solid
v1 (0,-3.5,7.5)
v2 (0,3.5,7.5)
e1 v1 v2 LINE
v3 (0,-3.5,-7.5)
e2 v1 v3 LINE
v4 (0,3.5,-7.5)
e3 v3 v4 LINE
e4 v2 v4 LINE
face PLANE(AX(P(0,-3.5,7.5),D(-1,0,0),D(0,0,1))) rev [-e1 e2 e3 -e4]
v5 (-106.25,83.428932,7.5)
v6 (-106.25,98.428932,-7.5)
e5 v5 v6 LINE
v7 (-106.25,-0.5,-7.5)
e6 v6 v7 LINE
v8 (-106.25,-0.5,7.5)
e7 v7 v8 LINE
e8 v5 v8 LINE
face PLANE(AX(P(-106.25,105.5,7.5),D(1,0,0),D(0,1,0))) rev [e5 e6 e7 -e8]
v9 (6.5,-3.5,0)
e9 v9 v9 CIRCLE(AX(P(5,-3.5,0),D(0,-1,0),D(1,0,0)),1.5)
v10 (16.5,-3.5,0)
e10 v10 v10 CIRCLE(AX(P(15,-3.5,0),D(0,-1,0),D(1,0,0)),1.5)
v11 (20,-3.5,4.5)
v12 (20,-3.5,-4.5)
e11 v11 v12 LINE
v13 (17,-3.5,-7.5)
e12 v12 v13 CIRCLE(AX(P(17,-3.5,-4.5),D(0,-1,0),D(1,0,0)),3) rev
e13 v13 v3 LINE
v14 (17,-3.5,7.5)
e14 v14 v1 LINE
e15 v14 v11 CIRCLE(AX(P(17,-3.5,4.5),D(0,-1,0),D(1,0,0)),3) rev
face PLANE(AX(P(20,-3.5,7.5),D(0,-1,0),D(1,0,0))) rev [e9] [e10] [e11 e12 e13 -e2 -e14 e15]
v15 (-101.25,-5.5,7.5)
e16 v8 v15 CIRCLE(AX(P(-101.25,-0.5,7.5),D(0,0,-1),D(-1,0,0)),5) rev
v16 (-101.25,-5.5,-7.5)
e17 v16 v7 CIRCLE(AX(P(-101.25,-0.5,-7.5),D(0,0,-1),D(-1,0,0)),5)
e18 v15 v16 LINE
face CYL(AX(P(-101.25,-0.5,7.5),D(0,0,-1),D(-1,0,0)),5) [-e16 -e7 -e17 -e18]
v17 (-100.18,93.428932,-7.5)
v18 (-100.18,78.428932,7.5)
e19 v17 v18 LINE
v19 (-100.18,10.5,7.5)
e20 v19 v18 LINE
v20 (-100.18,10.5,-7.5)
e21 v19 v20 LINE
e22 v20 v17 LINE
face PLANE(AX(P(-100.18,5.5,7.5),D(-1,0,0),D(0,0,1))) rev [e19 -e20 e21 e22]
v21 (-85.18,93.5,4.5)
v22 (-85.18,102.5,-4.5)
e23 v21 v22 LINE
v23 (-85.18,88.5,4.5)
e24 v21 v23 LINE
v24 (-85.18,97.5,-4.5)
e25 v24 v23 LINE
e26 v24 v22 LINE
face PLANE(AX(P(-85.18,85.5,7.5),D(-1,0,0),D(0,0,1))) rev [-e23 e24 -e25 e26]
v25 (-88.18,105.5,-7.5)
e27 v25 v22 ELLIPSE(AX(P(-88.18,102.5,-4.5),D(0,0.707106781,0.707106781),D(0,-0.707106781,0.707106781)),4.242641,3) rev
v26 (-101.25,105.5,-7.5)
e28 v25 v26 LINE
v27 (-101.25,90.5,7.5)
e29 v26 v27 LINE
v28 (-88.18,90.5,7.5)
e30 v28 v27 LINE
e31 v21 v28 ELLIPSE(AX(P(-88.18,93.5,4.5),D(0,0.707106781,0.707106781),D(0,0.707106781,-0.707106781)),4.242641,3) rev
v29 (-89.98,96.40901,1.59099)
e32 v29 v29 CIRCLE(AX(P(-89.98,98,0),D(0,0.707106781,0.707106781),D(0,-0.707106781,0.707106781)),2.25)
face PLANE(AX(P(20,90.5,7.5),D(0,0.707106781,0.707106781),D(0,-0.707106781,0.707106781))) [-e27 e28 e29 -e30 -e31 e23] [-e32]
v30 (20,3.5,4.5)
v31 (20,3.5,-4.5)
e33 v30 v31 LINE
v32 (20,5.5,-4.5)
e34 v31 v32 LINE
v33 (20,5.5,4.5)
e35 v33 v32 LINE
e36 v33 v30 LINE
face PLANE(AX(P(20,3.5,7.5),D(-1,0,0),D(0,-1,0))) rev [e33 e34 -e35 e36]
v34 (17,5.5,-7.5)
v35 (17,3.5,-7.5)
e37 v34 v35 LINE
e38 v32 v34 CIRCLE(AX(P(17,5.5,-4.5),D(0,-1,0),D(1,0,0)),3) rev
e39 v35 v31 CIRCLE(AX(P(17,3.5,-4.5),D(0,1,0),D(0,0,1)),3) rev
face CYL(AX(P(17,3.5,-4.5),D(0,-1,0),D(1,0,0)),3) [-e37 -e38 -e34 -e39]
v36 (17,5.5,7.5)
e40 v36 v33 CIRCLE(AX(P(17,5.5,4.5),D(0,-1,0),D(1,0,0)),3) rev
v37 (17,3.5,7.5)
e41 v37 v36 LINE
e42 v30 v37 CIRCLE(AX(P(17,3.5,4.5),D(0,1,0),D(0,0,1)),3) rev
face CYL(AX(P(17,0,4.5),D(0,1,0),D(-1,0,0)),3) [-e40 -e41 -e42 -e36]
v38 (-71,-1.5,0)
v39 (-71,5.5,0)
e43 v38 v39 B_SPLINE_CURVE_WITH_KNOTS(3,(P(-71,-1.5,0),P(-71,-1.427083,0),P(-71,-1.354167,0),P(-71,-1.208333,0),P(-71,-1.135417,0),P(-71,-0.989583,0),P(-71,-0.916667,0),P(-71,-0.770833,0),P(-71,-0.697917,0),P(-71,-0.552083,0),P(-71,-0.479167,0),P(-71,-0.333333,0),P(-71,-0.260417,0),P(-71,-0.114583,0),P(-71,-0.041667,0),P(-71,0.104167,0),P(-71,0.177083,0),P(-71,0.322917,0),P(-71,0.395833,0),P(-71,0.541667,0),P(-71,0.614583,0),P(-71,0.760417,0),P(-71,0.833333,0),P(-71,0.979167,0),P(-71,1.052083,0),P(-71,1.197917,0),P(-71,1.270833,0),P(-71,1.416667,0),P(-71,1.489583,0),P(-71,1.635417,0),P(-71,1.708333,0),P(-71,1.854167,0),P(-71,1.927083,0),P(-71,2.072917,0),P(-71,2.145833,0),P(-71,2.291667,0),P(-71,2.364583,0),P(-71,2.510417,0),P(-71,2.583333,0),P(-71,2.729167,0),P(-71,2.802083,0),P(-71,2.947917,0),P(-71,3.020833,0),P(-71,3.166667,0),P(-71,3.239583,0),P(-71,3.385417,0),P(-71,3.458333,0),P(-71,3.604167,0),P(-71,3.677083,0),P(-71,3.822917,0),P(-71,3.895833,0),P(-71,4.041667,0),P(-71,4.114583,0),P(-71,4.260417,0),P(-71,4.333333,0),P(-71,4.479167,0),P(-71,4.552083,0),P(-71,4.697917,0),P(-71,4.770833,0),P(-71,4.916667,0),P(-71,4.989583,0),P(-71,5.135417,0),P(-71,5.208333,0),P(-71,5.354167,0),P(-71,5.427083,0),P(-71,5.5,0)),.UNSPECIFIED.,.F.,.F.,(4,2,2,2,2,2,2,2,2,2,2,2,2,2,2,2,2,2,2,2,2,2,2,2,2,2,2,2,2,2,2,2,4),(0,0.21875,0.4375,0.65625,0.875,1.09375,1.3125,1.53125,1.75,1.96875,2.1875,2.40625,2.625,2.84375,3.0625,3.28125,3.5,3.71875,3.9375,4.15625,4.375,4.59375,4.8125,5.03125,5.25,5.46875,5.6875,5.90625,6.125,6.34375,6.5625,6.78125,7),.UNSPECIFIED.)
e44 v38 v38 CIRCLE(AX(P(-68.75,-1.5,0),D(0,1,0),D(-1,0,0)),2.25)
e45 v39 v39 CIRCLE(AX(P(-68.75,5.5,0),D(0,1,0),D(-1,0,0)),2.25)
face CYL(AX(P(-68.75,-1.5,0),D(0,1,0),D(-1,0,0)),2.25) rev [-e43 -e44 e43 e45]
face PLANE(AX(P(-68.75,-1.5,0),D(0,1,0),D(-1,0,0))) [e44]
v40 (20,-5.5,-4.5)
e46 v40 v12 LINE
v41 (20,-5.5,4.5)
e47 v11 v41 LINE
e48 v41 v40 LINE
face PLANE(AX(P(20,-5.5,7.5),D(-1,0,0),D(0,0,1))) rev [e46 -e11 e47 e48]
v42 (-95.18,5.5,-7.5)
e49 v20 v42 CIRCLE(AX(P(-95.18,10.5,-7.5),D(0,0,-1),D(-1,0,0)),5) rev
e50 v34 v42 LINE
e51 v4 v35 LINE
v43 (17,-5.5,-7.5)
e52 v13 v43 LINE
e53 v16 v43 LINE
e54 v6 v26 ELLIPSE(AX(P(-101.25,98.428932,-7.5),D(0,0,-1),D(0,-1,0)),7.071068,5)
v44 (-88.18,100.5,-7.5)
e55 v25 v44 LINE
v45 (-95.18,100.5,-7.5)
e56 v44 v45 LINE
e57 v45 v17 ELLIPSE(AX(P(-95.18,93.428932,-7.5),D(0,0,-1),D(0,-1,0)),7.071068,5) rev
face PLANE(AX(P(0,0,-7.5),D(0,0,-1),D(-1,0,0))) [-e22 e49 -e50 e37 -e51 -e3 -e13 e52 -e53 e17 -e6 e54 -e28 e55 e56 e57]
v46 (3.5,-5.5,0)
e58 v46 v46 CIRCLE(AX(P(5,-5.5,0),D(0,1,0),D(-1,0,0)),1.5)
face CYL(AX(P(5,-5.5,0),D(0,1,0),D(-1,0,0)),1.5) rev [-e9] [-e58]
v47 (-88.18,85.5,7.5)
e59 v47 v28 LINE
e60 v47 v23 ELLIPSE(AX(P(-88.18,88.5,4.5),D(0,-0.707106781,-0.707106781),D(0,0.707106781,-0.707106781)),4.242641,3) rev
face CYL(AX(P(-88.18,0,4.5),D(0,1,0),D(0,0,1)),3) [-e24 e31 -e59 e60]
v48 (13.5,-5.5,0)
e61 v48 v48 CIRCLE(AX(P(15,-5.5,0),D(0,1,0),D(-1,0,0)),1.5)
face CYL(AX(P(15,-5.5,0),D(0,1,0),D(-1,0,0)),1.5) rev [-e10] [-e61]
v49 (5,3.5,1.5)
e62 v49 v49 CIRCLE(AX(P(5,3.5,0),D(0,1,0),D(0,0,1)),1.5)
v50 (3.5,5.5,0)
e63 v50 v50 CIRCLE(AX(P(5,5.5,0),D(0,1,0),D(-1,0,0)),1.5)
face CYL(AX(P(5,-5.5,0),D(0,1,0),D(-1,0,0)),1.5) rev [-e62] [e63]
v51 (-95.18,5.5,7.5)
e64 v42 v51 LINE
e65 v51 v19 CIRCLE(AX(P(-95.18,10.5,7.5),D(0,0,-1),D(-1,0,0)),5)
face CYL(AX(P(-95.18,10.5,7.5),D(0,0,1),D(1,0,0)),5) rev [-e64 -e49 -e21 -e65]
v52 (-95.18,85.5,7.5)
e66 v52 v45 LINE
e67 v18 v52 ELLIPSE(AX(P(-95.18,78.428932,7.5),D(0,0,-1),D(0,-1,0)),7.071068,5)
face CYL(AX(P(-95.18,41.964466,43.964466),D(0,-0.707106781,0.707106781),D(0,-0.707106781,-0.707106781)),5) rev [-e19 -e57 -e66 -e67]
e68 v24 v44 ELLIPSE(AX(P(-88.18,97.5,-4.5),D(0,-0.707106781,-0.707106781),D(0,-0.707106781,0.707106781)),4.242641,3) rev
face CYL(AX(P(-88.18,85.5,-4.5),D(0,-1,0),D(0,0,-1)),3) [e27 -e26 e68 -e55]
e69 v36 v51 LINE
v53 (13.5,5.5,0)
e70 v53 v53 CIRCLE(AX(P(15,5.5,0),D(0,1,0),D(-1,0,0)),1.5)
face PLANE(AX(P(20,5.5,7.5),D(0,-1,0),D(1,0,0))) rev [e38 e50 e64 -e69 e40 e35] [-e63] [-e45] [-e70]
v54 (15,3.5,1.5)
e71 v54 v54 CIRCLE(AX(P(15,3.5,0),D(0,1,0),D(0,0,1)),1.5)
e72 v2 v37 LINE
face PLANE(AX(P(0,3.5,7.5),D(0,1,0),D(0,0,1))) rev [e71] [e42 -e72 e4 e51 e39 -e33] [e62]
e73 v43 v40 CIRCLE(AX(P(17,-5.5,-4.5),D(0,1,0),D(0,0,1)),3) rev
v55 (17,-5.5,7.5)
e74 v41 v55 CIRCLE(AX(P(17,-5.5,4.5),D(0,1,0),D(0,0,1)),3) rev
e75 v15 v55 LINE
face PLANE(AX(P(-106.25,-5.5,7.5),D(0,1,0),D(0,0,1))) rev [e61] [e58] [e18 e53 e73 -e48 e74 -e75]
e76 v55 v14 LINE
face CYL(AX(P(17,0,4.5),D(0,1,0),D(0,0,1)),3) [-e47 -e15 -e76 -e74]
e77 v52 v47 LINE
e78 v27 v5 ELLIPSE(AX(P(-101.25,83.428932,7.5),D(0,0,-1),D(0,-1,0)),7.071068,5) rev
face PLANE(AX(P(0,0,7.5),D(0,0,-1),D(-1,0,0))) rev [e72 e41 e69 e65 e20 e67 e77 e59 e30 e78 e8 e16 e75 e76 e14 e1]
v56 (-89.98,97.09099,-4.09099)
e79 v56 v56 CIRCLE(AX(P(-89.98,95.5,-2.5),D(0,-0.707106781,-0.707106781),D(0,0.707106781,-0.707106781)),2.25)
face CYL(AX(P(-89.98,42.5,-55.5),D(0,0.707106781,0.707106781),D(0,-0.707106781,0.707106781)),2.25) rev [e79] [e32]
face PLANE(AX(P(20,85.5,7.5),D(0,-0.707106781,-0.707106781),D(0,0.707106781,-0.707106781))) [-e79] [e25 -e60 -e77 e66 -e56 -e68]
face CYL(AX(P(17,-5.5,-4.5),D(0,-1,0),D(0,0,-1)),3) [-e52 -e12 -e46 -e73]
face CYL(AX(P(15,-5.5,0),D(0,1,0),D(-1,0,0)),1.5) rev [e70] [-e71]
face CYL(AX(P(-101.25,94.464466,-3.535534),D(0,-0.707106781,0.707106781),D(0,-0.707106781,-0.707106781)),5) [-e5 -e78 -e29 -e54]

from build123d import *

# Parameters (mm, degrees)
SALIENTE_EXTRUIR1_DEPTH = 7.5
CROQUIS2_R              = 1.5
CORTAR_EXTRUIR1_DEPTH   = 147.100350787
REDONDEO1_R             = 3
REDONDEO2_R             = 3
CORTAR_EXTRUIR3_DEPTH   = 161.092886788
CROQUIS5_R              = 2.25
CORTAR_EXTRUIR4_DEPTH   = 133.941951618
CORTAR_EXTRUIR5_DEPTH   = 161.092886788
CROQUIS7_R              = 2.25
CORTAR_EXTRUIR6_DEPTH   = 7
REDONDEO3_R             = 5


with BuildPart() as part:
    # Croquis1 → Saliente-Extruir1 (new, symmetric)
    with BuildSketch(Plane.XY):
        Polygon((0, -3.5), (0, 3.5), (20, 3.5), (20, 5.5), (-100.18, 5.5), (-100.18, 85.5), (-85.18, 85.5), (-85.18, 105.5), (-106.25, 105.5), (-106.25, -5.5), (20, -5.5), (20, -3.5), align=None)
    extrude(amount=SALIENTE_EXTRUIR1_DEPTH, both=True)

    # Croquis2 → Cortar-Extruir1 (cut, through all)
    with BuildSketch(Plane(origin=(0, 5.5, 0), x_dir=(1, 0, 0), z_dir=(0, 1, 0))):
        with Locations(Location((15, 0, 0), (0, 0, 180))):
            Circle(CROQUIS2_R)
        with Locations(Location((5, 0, 0), (0, 0, 180))):
            Circle(CROQUIS2_R)
    extrude(amount=-CORTAR_EXTRUIR1_DEPTH, mode=Mode.SUBTRACT)

    # Redondeo1
    redondeo1_edges = [part.edges().sort_by_distance(p)[0] for p in [
        (20, -4.5, -7.5),
        (20, 4.5, -7.5),
        (20, 4.5, 7.5),
        (20, -4.5, 7.5),
    ]]
    fillet(redondeo1_edges, radius=REDONDEO1_R)

    # Redondeo2
    redondeo2_edges = [part.edges().sort_by_distance(p)[0] for p in [
        (-85.18, 95.5, -7.5),
        (-85.18, 95.5, 7.5),
    ]]
    fillet(redondeo2_edges, radius=REDONDEO2_R)

    # Croquis4 → Cortar-Extruir3 (cut, through all)
    with BuildSketch(Plane(origin=(-100.18, 0, 0), x_dir=(0, 0, -1), z_dir=(1, 0, 0))):
        Polygon((-7.5, 90.5), (7.5, 105.5), (-7.5, 105.5), align=None)
        Polygon((-7.5, 85.5), (7.5, 100.5), (7.5, 85.5), align=None)
    extrude(amount=CORTAR_EXTRUIR3_DEPTH, mode=Mode.SUBTRACT)

    # Croquis5 → Cortar-Extruir4 (cut, through all)
    with BuildSketch(Plane(origin=(0, 49, 49), x_dir=(1, 0, 0), z_dir=(0, 0.7071067811865464, 0.7071067811865488))):
        with Locations(Location((-89.98, 69.296464556, 0), (0, 0, 270))):
            Circle(CROQUIS5_R)
    extrude(amount=-CORTAR_EXTRUIR4_DEPTH, mode=Mode.SUBTRACT)

    # Croquis6 → Cortar-Extruir5 (cut, through all)
    with BuildSketch(Plane(origin=(-100.18, 0, 0), x_dir=(0, 0, -1), z_dir=(1, 0, 0))):
        Polygon((-7.5, 105.5), (-7.5, 90.5), (7.5, 105.5), align=None)
    extrude(amount=-CORTAR_EXTRUIR5_DEPTH, mode=Mode.SUBTRACT)

    # Croquis7 → Cortar-Extruir6 (cut)
    with BuildSketch(Plane(origin=(0, 5.5, 0), x_dir=(1, 0, 0), z_dir=(0, 1, 0))):
        with Locations(Location((-68.75, 0, 0), (0, 0, 180))):
            Circle(CROQUIS7_R)
    extrude(amount=-CORTAR_EXTRUIR6_DEPTH, mode=Mode.SUBTRACT)

    # Redondeo3
    redondeo3_edges = [part.edges().sort_by_distance(p)[0] for p in [
        (-100.18, 93, 0),
        (-106.25, 98, 0),
        (-106.25, -5.5, 0),
        (-100.18, 5.5, 0),
    ]]
    fillet(redondeo3_edges, radius=REDONDEO3_R)


solid = part.part
